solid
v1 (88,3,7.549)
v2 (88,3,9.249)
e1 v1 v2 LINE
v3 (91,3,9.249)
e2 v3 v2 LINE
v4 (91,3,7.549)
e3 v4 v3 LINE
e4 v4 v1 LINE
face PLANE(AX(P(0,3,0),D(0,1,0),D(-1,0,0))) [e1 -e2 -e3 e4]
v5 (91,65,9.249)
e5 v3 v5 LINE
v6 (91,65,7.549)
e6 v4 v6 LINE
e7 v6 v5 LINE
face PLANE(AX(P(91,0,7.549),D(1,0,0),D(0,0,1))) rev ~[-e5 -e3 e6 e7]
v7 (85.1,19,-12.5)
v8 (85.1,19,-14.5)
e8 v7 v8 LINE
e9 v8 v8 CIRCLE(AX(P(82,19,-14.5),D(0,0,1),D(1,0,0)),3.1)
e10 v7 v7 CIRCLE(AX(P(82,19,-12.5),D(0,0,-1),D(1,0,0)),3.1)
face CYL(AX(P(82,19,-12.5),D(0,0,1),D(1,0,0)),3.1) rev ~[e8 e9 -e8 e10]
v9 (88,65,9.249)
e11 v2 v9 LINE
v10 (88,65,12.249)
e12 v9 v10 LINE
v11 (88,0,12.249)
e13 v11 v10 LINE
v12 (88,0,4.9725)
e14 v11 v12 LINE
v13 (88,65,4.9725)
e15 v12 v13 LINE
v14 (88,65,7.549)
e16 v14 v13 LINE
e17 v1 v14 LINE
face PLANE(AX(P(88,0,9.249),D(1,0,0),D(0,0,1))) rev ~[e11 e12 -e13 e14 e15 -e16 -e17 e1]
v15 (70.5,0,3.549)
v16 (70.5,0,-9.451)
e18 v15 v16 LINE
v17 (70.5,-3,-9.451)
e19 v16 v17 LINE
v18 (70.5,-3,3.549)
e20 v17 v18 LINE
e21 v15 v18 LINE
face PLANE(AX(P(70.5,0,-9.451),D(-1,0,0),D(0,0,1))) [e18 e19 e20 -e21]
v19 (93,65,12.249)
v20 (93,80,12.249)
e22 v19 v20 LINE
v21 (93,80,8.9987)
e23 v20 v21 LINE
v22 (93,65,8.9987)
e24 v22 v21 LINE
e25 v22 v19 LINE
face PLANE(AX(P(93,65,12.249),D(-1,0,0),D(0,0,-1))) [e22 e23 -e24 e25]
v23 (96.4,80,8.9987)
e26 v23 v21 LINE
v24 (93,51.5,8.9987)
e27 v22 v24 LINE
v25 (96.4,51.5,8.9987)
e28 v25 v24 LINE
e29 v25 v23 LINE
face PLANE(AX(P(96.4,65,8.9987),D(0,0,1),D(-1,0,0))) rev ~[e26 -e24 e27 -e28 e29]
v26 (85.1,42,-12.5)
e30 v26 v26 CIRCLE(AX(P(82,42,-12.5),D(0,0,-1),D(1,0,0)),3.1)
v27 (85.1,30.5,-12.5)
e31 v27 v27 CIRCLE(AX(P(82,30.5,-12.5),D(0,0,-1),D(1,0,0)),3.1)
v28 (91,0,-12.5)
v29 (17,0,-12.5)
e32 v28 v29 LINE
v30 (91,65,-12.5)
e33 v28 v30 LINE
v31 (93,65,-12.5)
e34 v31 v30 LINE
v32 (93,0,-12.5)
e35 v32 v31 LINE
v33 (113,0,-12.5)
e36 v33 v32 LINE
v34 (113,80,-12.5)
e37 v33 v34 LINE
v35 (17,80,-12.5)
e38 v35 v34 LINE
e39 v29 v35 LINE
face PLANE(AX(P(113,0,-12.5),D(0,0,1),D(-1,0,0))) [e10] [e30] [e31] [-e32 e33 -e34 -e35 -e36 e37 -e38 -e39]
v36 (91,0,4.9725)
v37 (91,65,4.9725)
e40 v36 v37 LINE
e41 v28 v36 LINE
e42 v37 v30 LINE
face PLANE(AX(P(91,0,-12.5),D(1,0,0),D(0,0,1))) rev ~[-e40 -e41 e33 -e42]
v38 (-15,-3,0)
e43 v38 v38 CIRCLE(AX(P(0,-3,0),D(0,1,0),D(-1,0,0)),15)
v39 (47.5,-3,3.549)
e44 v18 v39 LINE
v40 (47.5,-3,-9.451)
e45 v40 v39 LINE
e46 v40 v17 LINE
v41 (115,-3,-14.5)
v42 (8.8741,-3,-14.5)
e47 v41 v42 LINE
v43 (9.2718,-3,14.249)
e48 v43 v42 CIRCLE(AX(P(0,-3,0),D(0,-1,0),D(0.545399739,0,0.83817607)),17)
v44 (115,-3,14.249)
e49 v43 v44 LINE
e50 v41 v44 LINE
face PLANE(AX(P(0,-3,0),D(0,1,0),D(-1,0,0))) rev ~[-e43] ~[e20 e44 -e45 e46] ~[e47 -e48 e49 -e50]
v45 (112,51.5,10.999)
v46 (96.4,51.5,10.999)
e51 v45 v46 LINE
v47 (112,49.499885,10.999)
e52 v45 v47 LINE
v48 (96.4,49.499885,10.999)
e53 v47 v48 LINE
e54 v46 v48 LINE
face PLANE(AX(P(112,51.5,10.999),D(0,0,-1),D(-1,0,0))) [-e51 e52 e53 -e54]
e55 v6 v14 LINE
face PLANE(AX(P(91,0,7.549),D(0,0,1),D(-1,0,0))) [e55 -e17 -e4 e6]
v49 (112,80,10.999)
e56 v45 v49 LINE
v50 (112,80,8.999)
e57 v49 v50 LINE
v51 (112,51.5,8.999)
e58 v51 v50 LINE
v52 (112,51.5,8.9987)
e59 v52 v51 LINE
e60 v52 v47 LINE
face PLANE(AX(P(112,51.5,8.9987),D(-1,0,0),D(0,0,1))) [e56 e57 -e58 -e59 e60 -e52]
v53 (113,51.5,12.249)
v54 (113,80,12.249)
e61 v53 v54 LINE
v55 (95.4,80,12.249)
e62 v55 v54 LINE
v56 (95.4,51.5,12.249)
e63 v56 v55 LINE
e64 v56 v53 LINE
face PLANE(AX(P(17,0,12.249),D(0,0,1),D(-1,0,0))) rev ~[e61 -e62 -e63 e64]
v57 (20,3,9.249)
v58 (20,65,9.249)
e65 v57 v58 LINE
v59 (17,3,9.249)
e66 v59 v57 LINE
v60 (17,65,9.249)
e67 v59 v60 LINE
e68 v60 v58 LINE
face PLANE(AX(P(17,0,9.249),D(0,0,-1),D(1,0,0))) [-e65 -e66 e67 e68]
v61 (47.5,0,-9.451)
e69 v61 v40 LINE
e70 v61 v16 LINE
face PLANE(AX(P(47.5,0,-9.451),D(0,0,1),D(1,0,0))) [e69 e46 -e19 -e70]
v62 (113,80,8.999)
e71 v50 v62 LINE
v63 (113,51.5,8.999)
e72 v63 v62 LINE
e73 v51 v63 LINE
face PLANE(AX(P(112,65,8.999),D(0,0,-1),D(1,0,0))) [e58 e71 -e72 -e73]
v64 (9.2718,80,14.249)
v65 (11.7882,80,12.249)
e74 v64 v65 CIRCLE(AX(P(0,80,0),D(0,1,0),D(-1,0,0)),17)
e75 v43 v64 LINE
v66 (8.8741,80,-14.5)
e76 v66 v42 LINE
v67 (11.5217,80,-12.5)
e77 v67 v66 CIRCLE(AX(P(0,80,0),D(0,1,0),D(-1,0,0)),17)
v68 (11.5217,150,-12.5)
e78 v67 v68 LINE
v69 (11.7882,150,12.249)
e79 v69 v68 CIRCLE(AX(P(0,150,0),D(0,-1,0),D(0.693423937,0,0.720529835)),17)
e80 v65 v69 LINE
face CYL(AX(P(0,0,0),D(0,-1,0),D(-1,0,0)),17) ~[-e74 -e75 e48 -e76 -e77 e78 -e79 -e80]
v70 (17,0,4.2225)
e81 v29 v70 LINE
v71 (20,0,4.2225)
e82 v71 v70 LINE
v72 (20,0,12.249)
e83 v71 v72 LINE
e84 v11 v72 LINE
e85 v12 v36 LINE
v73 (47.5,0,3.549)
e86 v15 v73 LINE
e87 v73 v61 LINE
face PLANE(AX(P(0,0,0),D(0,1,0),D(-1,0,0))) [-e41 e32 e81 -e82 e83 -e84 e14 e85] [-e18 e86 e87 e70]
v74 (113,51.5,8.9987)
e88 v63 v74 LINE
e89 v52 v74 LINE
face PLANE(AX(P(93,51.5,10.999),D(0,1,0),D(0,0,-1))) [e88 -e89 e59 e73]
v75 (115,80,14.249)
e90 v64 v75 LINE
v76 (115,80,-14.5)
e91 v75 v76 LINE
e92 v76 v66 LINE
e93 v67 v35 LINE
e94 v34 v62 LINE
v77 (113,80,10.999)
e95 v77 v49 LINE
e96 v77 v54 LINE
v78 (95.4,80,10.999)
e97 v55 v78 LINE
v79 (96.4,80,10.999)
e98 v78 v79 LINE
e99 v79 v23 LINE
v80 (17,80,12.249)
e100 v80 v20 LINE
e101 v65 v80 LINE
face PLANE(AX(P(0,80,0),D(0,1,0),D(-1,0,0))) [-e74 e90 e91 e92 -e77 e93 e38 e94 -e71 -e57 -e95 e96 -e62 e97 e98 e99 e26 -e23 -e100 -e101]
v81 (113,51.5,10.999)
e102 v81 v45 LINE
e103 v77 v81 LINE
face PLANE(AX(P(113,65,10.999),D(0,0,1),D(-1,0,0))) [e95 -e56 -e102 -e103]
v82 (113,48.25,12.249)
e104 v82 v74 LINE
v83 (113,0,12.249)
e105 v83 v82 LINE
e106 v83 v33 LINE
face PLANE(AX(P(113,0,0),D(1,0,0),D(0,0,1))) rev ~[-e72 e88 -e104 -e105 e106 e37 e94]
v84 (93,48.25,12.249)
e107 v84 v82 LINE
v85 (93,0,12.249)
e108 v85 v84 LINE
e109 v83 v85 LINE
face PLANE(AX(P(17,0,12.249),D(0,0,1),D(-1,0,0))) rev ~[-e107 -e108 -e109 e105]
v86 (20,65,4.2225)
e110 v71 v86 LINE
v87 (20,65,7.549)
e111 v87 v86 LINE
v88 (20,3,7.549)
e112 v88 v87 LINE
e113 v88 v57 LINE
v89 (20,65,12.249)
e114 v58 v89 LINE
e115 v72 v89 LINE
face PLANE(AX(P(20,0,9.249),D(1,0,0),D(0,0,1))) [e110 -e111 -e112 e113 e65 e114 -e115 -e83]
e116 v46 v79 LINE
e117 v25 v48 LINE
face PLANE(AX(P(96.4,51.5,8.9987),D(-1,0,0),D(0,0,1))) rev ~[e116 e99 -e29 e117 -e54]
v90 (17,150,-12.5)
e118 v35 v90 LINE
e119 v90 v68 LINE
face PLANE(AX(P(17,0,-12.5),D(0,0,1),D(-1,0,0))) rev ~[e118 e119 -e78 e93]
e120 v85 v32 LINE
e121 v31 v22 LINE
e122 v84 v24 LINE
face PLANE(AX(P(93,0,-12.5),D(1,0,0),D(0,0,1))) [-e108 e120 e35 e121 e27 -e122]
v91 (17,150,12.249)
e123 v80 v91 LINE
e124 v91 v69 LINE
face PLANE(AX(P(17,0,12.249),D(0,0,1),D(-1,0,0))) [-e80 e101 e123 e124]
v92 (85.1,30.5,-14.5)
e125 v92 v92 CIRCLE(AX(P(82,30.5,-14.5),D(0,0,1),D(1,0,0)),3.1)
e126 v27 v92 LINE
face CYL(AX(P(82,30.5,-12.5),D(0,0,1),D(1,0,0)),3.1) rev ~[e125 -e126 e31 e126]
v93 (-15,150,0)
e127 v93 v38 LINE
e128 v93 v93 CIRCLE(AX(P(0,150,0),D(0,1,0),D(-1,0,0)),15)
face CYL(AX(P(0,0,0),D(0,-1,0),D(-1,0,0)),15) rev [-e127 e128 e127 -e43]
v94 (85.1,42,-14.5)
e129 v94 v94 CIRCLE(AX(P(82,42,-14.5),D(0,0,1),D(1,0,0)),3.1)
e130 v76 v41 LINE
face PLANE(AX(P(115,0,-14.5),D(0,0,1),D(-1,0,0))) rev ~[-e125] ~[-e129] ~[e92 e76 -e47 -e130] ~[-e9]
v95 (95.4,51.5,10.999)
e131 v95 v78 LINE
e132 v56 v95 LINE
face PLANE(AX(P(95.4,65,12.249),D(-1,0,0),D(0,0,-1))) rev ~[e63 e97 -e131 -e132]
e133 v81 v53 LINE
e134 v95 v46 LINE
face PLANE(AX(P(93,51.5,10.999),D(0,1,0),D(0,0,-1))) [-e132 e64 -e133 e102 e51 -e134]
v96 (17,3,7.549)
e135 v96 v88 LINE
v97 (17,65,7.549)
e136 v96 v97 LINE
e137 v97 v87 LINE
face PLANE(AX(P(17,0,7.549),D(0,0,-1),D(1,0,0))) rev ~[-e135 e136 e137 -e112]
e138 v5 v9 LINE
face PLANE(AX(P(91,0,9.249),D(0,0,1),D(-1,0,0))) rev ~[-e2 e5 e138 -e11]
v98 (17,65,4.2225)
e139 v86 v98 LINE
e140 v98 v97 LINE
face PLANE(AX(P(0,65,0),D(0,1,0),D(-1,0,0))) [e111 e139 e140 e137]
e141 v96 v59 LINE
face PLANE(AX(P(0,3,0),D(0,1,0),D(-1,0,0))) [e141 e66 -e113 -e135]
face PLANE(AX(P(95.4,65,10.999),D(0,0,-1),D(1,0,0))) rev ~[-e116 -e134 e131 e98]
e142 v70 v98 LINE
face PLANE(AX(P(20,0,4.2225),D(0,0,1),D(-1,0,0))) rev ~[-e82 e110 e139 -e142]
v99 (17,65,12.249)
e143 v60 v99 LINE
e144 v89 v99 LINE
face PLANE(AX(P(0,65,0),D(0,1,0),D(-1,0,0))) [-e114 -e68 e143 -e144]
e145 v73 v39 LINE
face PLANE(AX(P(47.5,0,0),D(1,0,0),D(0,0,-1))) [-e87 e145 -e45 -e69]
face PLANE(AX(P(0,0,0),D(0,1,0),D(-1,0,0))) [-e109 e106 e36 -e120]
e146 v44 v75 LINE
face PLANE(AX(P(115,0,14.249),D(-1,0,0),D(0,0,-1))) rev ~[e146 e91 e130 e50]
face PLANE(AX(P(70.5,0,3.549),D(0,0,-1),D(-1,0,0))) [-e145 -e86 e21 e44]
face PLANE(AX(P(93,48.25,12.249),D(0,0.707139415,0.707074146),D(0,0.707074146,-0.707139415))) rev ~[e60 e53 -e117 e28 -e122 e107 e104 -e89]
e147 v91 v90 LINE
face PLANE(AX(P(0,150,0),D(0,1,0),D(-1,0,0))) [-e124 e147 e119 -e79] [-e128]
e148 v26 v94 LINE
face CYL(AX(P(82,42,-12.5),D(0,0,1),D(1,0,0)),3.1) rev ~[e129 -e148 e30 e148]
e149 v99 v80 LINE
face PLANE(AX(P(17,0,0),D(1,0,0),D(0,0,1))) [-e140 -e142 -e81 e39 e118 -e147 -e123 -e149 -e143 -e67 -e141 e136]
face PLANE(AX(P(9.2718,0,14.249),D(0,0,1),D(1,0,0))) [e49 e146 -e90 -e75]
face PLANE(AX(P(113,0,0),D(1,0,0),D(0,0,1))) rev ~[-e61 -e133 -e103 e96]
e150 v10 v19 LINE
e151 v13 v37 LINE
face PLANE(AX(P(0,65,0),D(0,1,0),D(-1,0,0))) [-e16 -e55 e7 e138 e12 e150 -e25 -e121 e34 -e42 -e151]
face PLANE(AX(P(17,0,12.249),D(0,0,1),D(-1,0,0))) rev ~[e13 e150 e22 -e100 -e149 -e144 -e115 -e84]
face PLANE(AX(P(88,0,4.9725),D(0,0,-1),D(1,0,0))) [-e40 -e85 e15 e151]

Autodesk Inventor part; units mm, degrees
ref_plane "YZ Plane" through (0, 0, 0) normal (1, 0, 0) x (0, 1, 0)
ref_plane "XZ Plane" through (0, 0, 0) normal (0, 1, 0) x (-1, 0, 0)
ref_plane "XY Plane" through (0, 0, 0) normal (0, 0, 1) x (1, 0, 0)
sketch "Sketch1" plane through (0, 0, 0) normal (0, 1, 0) x (-1, 0, 0)
  circle A0 centre (0, 0) radius 15
  line L0 (-17, 0) -> (-91, 0)
  line L1 (-91, 0) -> (-115, 0)
  line L2 (-115, 0) -> (-115, -14.5)
  line L3 (-115, -14.5) -> (-8.8741, -14.5)
  line L4 (-0.35, 0) -> (-0.35, 13.2189)
  line L5 (-9.2718, 14.249) -> (-115, 14.249)
  line L6 (-115, 14.249) -> (-115, -14.5)
  line L7 (-113, -12.5) -> (-11.5217, -12.5)
  line L8 (-113, -12.5) -> (-113, 12.249)
  line L9 (-113, 12.249) -> (-11.7882, 12.249)
  circle A1 centre (0, 0) radius 17
  line L10 (-17, 0) -> (-17, 12.249)
  line L11 (-17, 0) -> (-17, -12.5)
  line L12 (-91, -12.5) -> (-91, 12.249)
  line L13 (-93, -12.5) -> (-93, 12.249)
  line L14 (-17, 12.249) -> (-17, 9.249)
  line L15 (-17, 9.249) -> (-20, 9.249)
  line L16 (-20, 9.249) -> (-20, 12.249)
  line L17 (-20, 12.249) -> (-17, 12.249)
  line L18 (-17, 12.249) -> (-17, 9.249)
  line L19 (-91, 9.249) -> (-88, 9.249)
  line L20 (-88, 9.249) -> (-88, 12.249)
  line L21 (-88, 12.249) -> (-91, 12.249)
  line L22 (-91, 12.249) -> (-91, 9.249)
  line L23 (-17, 9.249) -> (-17, 7.549)
  line L24 (-17, 7.549) -> (-20, 7.549)
  line L25 (-20, 7.549) -> (-20, 4.2225)
  line L26 (-20, 4.2225) -> (-17, 4.2225)
  line L27 (-17, 4.2225) -> (-17, 7.549)
  line L28 (-91, 7.549) -> (-88, 7.549)
  line L29 (-88, 7.549) -> (-88, 4.9725)
  line L30 (-88, 4.9725) -> (-91, 4.9725)
  line L31 (-91, 4.9725) -> (-91, 7.549)
  line L32 (-17, 7.549) -> (-20, 7.549)
  line L33 (-20, 7.549) -> (-20, 9.249)
  line L34 (-20, 9.249) -> (-17, 9.249)
  line L35 (-17, 9.249) -> (-17, 7.549)
  line L36 (-91, 7.549) -> (-88, 7.549)
  line L37 (-88, 7.549) -> (-88, 9.249)
  line L38 (-88, 9.249) -> (-91, 9.249)
  line L39 (-91, 9.249) -> (-91, 7.549)
  line L40 (-91, 7.549) -> (-70.5, 7.549)
  line L41 (-70.5, 7.549) -> (-70.5, 3.549)
  line L42 (-70.5, 3.549) -> (-47.5, 3.549)
  line L43 (-47.5, 3.549) -> (-47.5, -9.451)
  line L44 (-47.5, -9.451) -> (-70.5, -9.451)
  line L45 (-70.5, -9.451) -> (-70.5, 3.549)
  point P0 (-93, 12.249)
  dimension "d0" = 30
  dimension "d1" = 74
  dimension "d2" = 24
  dimension "d3" = 14.5
  dimension "d4" = 29
  dimension "d5" = 2
  dimension "d6" = 2
  dimension "d7" = 2
  dimension "d9" = 2
  dimension "d10" = 3
  dimension "d11" = 3
  dimension "d12" = 3
  dimension "d13" = 1.7
  dimension "d14" = 3
  dimension "d15" = 3
  dimension "d16" = 20.5
  dimension "d17" = 4
  dimension "d18" = 23
  dimension "d19" = 13
extrude "Extrusion1" add sketch "Sketch1" against normal blind 3 contours L11 L7 L12 L0 L45 L44 L43 | L10 L9 A1 | A1 | L0 L43 L42 L41 L40 L37 L20 L9 L16 L33 L25 L26 L10 | A1 L7 L11 | L9 L8 L1 L6 L5 A1 | A1 L3 L2 L1 L8 L7 | L26 L25 L24 L10 | L0 L12 L30 L29 L40 L41 L45 | L10 L15 L16 L9 | L24 L33 L15 L10 | L7 L13 L1 L12 | L1 L13 L9 L12 | L7 L8 L1 L13 | L1 L8 L9 L13 | L12 L28 L29 L30 | L20 L19 L12 L9 | L12 L19 L37 L28
extrude "Extrusion2" add sketch "Sketch1" along normal blind 150 contours A1
extrude "Extrusion3" add sketch "Sketch1" along normal blind 150 contours L10 L9 A1 | A1 L7 L11
extrude "Extrusion4" add sketch "Sketch1" along normal blind 80 contours L9 L8 L1 L6 L5 A1 | A1 L3 L2 L1 L8 L7
extrude "Extrusion5" add sketch "Sketch1" along normal blind 3 contours L24 L33 L15 L10 | L12 L19 L37 L28
extrude "Extrusion6" add sketch "Sketch1" along normal blind 65 contours L26 L25 L24 L10 | L10 L15 L16 L9 | L7 L13 L1 L12 | L1 L13 L9 L12 | L12 L28 L29 L30 | L20 L19 L12 L9
sketch "Sketch2" plane through (0, 65, 0) normal (0, 1, 0) x (1, 0, 0)
  line L0 (113, -12.249) -> (113, 12.5) projected
  line L1 (113, -12.249) -> (113, -10.999)
  line L2 (113, -10.999) -> (112, -10.999)
  line L3 (112, -10.999) -> (112, -8.999)
  line L4 (112, -8.999) -> (113, -8.999)
  line L5 (113, -12.249) -> (95.4, -12.249)
  line L6 (113, -12.249) -> (17, -12.249) projected
  line L7 (95.4, -12.249) -> (95.4, -10.999)
  line L8 (95.4, -10.999) -> (96.4, -10.999)
  line L9 (96.4, -10.999) -> (96.4, -8.9987)
  line L10 (96.4, -8.9987) -> (93, -8.9987)
  line L11 (93, -12.249) -> (93, 12.5) projected
  line L12 (93, -8.9987) -> (93, -12.249)
  line L13 (93, -12.249) -> (95.4, -12.249)
  point P0 (0, 0)
  dimension "d32" = 1.25
  dimension "d33" = 1
  dimension "d34" = 2
  dimension "d35" = 17.6
  dimension "d36" = 1
extrude "Extrusion7" add sketch "Sketch2" along normal up to surface (15 mm away)
extrude "Extrusion8" add sketch "Sketch2" against normal blind 13.5
sketch "Sketch3" plane through (93, 0, -12.5) normal (1, 0, 0) x (0, 0, -1)
  line L0 (-23.499, 51.5) -> (-24.749, 51.5) projected
  line L1 (-24.749, 51.5) -> (-21.4987, 51.5)
  line L2 (-24.749, 51.5) -> (-21.4987, 51.5)
  line L3 (-24.749, 51.5) -> (-24.749, 48.25)
  line L4 (-24.749, 48.25) -> (-21.4987, 51.5)
  point P0 (-12.5, 0)
  dimension "d44" = 3.25
extrude "Extrusion9" add sketch "Sketch3" along normal up to surface (20 mm away)
sketch "Sketch4" plane through (95.4, 51.5, 12.249) normal (0, 1, 0) x (1, 0, 0)
  line L0 (1, 3.2503) -> (1, 1.25) projected
  line L1 (17.6, 1.25) -> (16.6, 1.25) projected
  line L2 (1, 3.2503) -> (16.6, 3.2503)
  line L3 (16.6, 3.2503) -> (16.6, 1.25)
  line L4 (16.6, 1.25) -> (1, 1.25)
  line L5 (1, 1.25) -> (1, 3.2503)
  point P0 (-95.4, 12.249)
extrude "Extrusion10" cut sketch "Sketch4" against normal blind 10
sketch "Sketch5" plane through (17, 80, -12.5) normal (0, 0, 1) x (1, 0, 0)
  line L0 (74, -77) -> (71, -77) projected
  line L1 (74, -77) -> (74, -61)
  line L2 (74, -80) -> (74, -15) projected
  line L3 (74, -61) -> (65, -61)
  circle A0 centre (65, -61) radius 3.1
  line L4 (65, -61) -> (65, -49.5)
  line L5 (65, -49.5) -> (65, -38)
  circle A1 centre (65, -49.5) radius 3.1
  circle A2 centre (65, -38) radius 3.1
  circle A3 centre (65, -38) radius 5.1
  circle A4 centre (65, -49.5) radius 5.1
  circle A5 centre (65, -61) radius 5.1
  line L6 (3, -80) -> (71, -80) projected
  line L7 (64, -80) -> (66, -80)
  line L8 (66, -31.3579) -> (64, -31.3579)
  line L9 (64, -43.001) -> (64, -44.499)
  line L10 (66, -44.499) -> (66, -43.001)
  line L11 (66, -55.999) -> (66, -54.501)
  line L12 (64, -54.501) -> (64, -55.999)
  line L13 (64, -66.001) -> (64, -80)
  line L14 (66, -80) -> (66, -66.001)
  point P0 (-17, -80)
  dimension "d47" = 16
  dimension "d48" = 9
  dimension "d49" = 6.2
  dimension "d50" = 11.5
  dimension "d51" = 11.5
  dimension "d52" = 6.2
  dimension "d53" = 6.2
  dimension "d54" = 2
  dimension "d55" = 2
  dimension "d56" = 2
  dimension "d57" = 2
extrude "Extrusion11" cut sketch "Sketch5" against normal blind 10 contours A0 L4 L3 | L3 L4 A0 | A1 L5 L4 | L4 L5 A1 | A2
properties part number "Open_source_chronograph_main_body_v2"
